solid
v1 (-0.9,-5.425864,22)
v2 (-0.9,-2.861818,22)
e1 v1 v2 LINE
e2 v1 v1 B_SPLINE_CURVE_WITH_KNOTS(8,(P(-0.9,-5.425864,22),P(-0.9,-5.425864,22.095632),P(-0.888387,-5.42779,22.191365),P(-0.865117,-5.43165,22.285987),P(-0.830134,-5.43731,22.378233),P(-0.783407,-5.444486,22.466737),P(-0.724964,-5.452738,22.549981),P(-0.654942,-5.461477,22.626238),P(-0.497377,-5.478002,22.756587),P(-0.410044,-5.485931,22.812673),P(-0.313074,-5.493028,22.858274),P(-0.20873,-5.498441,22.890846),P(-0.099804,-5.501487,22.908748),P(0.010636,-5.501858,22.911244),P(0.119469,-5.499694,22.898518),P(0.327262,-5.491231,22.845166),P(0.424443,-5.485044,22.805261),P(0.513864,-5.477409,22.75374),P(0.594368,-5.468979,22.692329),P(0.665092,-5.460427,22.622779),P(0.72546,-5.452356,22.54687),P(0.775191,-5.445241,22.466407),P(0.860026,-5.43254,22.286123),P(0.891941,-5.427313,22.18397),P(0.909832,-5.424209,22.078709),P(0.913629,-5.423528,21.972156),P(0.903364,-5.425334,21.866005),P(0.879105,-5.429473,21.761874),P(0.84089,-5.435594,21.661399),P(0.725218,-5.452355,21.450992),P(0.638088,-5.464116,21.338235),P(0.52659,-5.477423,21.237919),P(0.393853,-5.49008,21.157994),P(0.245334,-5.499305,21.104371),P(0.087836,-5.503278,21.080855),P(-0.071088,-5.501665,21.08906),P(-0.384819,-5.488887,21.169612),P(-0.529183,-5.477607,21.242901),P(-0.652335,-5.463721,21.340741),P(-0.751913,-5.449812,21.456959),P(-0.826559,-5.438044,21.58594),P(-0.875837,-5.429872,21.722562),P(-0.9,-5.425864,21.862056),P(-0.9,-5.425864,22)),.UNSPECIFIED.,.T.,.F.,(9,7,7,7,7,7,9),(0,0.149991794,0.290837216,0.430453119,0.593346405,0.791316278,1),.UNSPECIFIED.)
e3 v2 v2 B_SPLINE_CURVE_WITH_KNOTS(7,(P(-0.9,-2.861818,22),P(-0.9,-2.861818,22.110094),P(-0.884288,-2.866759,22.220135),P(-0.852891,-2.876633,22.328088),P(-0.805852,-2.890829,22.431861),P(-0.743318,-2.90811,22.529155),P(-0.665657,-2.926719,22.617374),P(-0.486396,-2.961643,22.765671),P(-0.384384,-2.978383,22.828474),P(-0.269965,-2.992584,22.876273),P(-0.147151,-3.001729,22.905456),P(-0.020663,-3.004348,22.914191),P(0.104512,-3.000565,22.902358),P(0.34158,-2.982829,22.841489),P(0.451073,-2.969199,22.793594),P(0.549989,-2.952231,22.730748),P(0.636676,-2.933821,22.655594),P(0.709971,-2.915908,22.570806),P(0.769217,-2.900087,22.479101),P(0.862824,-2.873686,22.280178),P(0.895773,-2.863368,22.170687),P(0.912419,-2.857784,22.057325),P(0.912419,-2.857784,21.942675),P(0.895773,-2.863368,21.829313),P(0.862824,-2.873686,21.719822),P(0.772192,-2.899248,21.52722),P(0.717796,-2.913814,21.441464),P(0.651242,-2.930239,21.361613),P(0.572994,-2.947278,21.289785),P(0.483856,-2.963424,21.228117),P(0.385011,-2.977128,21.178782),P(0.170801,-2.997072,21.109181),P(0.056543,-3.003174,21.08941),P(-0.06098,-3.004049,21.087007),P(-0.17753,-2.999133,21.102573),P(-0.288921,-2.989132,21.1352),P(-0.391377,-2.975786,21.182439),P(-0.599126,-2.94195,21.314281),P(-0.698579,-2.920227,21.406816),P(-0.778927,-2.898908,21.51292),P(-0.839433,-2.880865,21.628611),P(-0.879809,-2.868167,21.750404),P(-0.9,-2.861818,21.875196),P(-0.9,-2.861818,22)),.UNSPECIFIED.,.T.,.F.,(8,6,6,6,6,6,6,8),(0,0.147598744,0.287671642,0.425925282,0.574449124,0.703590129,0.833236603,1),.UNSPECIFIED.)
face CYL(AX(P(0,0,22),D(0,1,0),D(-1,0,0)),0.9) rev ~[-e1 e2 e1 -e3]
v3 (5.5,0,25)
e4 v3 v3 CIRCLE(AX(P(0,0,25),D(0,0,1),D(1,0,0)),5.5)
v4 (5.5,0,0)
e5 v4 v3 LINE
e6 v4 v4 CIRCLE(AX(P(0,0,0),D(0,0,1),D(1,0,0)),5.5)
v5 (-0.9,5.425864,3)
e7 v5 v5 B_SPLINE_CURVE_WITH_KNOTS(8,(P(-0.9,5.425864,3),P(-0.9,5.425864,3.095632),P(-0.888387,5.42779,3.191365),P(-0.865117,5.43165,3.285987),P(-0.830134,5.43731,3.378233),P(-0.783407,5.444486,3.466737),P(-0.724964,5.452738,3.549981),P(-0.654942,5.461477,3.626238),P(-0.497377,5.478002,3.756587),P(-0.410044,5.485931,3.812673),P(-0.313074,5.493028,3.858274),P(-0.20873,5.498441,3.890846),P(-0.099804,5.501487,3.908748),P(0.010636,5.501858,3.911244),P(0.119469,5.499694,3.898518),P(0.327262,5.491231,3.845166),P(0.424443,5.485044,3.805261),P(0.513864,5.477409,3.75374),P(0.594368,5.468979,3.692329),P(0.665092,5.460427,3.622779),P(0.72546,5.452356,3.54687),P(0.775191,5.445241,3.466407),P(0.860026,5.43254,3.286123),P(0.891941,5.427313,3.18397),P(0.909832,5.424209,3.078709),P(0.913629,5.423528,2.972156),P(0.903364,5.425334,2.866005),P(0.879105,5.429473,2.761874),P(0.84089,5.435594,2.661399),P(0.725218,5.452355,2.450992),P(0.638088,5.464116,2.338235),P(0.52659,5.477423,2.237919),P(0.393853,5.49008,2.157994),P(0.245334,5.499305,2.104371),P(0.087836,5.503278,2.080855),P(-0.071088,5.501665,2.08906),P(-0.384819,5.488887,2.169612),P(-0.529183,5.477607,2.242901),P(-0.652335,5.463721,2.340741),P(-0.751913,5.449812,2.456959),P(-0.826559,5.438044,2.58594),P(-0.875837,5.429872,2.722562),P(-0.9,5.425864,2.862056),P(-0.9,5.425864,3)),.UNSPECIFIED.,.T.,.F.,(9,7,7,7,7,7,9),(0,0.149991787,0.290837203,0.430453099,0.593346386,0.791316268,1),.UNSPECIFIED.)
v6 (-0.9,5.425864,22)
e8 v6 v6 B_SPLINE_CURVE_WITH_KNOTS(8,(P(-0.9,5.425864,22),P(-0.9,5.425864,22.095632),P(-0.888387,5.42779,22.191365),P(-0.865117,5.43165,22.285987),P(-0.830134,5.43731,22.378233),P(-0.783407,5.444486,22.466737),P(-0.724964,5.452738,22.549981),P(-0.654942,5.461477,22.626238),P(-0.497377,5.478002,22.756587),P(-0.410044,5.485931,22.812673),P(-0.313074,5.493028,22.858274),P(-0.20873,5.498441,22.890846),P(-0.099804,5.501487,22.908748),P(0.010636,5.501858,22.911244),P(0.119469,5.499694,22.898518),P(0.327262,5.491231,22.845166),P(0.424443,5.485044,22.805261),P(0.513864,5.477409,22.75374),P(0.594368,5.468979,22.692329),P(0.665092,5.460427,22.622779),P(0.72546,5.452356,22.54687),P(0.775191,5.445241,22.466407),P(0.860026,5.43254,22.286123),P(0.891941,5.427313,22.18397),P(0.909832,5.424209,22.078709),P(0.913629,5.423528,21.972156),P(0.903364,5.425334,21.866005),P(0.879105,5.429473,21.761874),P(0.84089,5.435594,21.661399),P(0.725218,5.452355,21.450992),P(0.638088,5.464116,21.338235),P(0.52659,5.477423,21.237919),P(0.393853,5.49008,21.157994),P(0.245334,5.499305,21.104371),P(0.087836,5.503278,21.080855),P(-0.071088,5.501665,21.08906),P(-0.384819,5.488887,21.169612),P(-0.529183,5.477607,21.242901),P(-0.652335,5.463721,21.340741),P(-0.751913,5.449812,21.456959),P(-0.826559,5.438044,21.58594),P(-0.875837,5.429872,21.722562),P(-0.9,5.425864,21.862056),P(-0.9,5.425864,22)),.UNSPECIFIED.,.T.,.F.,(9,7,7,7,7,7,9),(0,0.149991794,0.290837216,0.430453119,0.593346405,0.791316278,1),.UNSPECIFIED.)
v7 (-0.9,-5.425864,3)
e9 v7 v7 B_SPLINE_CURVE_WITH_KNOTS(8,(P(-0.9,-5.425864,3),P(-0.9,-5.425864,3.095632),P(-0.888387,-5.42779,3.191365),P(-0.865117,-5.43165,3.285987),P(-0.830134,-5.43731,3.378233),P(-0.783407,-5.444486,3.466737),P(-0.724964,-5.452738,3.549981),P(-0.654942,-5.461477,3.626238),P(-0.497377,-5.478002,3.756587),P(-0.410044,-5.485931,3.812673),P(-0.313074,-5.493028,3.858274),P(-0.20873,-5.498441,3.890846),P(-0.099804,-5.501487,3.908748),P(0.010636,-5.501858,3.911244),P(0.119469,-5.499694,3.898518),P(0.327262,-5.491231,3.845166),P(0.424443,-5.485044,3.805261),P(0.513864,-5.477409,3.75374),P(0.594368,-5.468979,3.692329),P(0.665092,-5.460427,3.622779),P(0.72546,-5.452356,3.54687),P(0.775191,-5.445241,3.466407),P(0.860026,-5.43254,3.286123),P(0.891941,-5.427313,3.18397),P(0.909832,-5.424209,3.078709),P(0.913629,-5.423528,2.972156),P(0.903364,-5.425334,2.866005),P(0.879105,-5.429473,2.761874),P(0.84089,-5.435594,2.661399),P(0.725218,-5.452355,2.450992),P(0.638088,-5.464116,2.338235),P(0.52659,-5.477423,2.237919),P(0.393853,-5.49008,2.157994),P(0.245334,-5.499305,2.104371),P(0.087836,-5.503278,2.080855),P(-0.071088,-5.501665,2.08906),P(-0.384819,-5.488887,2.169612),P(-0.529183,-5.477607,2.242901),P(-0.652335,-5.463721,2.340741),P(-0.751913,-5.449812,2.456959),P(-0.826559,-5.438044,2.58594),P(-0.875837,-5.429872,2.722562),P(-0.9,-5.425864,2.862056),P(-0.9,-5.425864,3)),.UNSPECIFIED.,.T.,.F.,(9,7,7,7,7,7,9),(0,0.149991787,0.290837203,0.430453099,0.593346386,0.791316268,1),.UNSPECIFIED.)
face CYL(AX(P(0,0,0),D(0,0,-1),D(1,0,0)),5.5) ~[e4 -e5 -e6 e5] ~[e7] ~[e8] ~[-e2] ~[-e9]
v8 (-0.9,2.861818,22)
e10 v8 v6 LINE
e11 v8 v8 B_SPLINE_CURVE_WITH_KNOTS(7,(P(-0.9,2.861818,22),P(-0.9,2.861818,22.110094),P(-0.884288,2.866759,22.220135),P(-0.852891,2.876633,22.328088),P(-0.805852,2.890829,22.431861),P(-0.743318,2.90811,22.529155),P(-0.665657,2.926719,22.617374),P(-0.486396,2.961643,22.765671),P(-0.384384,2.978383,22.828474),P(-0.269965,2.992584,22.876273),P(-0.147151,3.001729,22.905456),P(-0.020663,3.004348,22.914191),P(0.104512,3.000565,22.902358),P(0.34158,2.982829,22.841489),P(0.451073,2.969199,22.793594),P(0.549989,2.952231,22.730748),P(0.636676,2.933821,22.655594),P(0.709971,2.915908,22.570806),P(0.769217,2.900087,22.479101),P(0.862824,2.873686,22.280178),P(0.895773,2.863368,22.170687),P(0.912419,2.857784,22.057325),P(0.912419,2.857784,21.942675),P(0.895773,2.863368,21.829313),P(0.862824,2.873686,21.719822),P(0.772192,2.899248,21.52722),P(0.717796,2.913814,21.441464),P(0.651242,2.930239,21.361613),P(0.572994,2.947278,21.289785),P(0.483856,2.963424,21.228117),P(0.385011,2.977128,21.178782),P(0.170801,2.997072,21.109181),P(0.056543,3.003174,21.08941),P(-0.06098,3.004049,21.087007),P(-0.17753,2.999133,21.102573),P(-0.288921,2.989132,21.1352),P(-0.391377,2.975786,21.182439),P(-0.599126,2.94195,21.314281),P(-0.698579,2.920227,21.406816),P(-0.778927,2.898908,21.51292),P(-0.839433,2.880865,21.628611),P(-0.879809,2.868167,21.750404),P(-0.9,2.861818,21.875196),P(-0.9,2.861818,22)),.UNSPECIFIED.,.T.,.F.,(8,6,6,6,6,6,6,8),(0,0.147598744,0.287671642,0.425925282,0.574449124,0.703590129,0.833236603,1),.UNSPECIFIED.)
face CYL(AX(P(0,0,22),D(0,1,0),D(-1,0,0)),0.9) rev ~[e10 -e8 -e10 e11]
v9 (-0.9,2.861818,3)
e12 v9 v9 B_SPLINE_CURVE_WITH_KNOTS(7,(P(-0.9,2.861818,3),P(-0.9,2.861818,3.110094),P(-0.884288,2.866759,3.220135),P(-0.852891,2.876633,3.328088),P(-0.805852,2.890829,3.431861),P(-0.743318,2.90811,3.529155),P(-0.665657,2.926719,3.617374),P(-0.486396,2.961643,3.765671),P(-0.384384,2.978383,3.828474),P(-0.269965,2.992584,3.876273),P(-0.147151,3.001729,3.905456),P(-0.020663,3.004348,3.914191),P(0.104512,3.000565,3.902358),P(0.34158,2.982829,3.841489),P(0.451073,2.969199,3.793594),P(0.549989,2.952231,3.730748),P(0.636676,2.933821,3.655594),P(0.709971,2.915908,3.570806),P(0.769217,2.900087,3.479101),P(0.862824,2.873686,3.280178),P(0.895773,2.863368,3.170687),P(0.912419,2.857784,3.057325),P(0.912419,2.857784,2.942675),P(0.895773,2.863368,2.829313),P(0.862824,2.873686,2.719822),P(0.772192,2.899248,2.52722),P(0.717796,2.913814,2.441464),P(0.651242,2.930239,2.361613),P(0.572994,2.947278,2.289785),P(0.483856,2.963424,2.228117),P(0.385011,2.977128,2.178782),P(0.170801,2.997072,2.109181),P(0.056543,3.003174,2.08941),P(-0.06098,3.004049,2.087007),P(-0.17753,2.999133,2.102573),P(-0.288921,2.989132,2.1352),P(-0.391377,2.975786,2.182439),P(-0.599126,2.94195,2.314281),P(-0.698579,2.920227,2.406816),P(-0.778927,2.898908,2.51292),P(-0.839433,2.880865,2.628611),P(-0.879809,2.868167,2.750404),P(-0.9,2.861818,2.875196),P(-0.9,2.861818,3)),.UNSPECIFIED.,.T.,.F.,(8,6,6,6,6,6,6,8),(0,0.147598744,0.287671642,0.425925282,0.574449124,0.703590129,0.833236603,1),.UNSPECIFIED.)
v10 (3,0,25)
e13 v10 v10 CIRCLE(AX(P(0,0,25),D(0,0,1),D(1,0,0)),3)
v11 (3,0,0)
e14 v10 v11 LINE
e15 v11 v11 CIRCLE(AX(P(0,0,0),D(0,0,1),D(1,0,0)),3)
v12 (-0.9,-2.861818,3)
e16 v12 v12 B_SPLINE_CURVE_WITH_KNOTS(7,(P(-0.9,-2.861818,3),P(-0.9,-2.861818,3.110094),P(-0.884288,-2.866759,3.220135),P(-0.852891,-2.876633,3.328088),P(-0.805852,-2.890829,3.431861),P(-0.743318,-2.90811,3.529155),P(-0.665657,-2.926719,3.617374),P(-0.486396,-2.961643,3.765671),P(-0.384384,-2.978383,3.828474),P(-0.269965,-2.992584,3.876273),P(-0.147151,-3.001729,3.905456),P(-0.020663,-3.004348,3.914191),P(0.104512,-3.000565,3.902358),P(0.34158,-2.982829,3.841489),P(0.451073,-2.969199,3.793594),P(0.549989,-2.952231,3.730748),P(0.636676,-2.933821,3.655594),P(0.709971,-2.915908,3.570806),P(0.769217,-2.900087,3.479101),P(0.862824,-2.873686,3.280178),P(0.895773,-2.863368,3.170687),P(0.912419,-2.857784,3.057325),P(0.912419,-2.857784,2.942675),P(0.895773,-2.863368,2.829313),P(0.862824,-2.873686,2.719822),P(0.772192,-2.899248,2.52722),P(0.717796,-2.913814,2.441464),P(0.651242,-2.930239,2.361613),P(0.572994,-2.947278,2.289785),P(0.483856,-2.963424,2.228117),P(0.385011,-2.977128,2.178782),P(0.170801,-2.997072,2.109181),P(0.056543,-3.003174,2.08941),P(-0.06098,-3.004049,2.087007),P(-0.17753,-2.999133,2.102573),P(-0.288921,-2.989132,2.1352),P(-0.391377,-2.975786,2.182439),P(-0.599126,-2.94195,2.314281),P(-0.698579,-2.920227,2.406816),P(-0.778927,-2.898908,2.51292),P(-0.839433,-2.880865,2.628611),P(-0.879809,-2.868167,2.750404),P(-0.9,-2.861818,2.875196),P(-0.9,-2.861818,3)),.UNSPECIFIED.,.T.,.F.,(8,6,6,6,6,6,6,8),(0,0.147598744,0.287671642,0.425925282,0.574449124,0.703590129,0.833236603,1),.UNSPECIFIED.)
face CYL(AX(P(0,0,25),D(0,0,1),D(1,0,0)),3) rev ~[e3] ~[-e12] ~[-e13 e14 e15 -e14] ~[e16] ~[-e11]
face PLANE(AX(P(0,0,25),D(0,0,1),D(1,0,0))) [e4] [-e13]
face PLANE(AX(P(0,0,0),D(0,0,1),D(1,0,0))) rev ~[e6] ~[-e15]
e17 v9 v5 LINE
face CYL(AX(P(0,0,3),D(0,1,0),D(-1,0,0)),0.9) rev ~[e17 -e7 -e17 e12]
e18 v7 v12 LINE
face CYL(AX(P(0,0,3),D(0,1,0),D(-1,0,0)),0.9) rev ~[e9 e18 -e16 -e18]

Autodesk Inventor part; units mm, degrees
ref_plane "YZ Plane" through (0, 0, 0) normal (1, 0, 0) x (0, 1, 0)
ref_plane "XZ Plane" through (0, 0, 0) normal (0, 1, 0) x (-1, 0, 0)
ref_plane "XY Plane" through (0, 0, 0) normal (0, 0, 1) x (1, 0, 0)
sketch "Sketch1" plane through (0, 0, 0) normal (0, 0, 1) x (1, 0, 0)
  circle A0 centre (0, 0) radius 5.5
  dimension "d13" = 11
extrude "Extrusion1" add sketch "Sketch1" along normal blind 25
sketch "Sketch2" plane through (0, 0, 25) normal (0, 0, 1) x (1, 0, 0)
  circle A0 centre (0, 0) radius 4 projected
  circle A1 centre (0, 0) radius 3
  dimension "d3" = 6
extrude "Extrusion2" cut sketch "Sketch2" along normal through all both and the other way through all contours A1
sketch "Sketch3" plane through (0, 0, 0) normal (0, 1, 0) x (-1, 0, 0)
  line L0 (4, 25) -> (-4, 25) projected
  line L1 (0, 25) -> (0, 0)
  line L2 (0, 0) -> (0, 26.9875)
  line L3 (0, 26.9875) -> (0, -1.5875)
sketch "Sketch4" plane through (0, 0, 0) normal (1, 0, 0) x (0, 1, 0)
  point P0 (0, 0)
sketch "Sketch5" plane through (0, 0, 0) normal (0, 1, 0) x (-1, 0, 0)
  line L0 (0, 0) -> (0, 2)
  line L1 (0, 2) -> (0, 3)
  circle A0 centre (0, 3) radius 0.9
  line L2 (0, 25) -> (0, 22)
  circle A1 centre (0, 22) radius 0.9
  dimension "d6" = 2
  dimension "d7" = 1
  dimension "d8" = 1.8
  dimension "d9" = 3
  dimension "d10" = 1.8
extrude "Extrusion3" cut sketch "Sketch5" along normal through all both and the other way through all
properties part number "connector"
